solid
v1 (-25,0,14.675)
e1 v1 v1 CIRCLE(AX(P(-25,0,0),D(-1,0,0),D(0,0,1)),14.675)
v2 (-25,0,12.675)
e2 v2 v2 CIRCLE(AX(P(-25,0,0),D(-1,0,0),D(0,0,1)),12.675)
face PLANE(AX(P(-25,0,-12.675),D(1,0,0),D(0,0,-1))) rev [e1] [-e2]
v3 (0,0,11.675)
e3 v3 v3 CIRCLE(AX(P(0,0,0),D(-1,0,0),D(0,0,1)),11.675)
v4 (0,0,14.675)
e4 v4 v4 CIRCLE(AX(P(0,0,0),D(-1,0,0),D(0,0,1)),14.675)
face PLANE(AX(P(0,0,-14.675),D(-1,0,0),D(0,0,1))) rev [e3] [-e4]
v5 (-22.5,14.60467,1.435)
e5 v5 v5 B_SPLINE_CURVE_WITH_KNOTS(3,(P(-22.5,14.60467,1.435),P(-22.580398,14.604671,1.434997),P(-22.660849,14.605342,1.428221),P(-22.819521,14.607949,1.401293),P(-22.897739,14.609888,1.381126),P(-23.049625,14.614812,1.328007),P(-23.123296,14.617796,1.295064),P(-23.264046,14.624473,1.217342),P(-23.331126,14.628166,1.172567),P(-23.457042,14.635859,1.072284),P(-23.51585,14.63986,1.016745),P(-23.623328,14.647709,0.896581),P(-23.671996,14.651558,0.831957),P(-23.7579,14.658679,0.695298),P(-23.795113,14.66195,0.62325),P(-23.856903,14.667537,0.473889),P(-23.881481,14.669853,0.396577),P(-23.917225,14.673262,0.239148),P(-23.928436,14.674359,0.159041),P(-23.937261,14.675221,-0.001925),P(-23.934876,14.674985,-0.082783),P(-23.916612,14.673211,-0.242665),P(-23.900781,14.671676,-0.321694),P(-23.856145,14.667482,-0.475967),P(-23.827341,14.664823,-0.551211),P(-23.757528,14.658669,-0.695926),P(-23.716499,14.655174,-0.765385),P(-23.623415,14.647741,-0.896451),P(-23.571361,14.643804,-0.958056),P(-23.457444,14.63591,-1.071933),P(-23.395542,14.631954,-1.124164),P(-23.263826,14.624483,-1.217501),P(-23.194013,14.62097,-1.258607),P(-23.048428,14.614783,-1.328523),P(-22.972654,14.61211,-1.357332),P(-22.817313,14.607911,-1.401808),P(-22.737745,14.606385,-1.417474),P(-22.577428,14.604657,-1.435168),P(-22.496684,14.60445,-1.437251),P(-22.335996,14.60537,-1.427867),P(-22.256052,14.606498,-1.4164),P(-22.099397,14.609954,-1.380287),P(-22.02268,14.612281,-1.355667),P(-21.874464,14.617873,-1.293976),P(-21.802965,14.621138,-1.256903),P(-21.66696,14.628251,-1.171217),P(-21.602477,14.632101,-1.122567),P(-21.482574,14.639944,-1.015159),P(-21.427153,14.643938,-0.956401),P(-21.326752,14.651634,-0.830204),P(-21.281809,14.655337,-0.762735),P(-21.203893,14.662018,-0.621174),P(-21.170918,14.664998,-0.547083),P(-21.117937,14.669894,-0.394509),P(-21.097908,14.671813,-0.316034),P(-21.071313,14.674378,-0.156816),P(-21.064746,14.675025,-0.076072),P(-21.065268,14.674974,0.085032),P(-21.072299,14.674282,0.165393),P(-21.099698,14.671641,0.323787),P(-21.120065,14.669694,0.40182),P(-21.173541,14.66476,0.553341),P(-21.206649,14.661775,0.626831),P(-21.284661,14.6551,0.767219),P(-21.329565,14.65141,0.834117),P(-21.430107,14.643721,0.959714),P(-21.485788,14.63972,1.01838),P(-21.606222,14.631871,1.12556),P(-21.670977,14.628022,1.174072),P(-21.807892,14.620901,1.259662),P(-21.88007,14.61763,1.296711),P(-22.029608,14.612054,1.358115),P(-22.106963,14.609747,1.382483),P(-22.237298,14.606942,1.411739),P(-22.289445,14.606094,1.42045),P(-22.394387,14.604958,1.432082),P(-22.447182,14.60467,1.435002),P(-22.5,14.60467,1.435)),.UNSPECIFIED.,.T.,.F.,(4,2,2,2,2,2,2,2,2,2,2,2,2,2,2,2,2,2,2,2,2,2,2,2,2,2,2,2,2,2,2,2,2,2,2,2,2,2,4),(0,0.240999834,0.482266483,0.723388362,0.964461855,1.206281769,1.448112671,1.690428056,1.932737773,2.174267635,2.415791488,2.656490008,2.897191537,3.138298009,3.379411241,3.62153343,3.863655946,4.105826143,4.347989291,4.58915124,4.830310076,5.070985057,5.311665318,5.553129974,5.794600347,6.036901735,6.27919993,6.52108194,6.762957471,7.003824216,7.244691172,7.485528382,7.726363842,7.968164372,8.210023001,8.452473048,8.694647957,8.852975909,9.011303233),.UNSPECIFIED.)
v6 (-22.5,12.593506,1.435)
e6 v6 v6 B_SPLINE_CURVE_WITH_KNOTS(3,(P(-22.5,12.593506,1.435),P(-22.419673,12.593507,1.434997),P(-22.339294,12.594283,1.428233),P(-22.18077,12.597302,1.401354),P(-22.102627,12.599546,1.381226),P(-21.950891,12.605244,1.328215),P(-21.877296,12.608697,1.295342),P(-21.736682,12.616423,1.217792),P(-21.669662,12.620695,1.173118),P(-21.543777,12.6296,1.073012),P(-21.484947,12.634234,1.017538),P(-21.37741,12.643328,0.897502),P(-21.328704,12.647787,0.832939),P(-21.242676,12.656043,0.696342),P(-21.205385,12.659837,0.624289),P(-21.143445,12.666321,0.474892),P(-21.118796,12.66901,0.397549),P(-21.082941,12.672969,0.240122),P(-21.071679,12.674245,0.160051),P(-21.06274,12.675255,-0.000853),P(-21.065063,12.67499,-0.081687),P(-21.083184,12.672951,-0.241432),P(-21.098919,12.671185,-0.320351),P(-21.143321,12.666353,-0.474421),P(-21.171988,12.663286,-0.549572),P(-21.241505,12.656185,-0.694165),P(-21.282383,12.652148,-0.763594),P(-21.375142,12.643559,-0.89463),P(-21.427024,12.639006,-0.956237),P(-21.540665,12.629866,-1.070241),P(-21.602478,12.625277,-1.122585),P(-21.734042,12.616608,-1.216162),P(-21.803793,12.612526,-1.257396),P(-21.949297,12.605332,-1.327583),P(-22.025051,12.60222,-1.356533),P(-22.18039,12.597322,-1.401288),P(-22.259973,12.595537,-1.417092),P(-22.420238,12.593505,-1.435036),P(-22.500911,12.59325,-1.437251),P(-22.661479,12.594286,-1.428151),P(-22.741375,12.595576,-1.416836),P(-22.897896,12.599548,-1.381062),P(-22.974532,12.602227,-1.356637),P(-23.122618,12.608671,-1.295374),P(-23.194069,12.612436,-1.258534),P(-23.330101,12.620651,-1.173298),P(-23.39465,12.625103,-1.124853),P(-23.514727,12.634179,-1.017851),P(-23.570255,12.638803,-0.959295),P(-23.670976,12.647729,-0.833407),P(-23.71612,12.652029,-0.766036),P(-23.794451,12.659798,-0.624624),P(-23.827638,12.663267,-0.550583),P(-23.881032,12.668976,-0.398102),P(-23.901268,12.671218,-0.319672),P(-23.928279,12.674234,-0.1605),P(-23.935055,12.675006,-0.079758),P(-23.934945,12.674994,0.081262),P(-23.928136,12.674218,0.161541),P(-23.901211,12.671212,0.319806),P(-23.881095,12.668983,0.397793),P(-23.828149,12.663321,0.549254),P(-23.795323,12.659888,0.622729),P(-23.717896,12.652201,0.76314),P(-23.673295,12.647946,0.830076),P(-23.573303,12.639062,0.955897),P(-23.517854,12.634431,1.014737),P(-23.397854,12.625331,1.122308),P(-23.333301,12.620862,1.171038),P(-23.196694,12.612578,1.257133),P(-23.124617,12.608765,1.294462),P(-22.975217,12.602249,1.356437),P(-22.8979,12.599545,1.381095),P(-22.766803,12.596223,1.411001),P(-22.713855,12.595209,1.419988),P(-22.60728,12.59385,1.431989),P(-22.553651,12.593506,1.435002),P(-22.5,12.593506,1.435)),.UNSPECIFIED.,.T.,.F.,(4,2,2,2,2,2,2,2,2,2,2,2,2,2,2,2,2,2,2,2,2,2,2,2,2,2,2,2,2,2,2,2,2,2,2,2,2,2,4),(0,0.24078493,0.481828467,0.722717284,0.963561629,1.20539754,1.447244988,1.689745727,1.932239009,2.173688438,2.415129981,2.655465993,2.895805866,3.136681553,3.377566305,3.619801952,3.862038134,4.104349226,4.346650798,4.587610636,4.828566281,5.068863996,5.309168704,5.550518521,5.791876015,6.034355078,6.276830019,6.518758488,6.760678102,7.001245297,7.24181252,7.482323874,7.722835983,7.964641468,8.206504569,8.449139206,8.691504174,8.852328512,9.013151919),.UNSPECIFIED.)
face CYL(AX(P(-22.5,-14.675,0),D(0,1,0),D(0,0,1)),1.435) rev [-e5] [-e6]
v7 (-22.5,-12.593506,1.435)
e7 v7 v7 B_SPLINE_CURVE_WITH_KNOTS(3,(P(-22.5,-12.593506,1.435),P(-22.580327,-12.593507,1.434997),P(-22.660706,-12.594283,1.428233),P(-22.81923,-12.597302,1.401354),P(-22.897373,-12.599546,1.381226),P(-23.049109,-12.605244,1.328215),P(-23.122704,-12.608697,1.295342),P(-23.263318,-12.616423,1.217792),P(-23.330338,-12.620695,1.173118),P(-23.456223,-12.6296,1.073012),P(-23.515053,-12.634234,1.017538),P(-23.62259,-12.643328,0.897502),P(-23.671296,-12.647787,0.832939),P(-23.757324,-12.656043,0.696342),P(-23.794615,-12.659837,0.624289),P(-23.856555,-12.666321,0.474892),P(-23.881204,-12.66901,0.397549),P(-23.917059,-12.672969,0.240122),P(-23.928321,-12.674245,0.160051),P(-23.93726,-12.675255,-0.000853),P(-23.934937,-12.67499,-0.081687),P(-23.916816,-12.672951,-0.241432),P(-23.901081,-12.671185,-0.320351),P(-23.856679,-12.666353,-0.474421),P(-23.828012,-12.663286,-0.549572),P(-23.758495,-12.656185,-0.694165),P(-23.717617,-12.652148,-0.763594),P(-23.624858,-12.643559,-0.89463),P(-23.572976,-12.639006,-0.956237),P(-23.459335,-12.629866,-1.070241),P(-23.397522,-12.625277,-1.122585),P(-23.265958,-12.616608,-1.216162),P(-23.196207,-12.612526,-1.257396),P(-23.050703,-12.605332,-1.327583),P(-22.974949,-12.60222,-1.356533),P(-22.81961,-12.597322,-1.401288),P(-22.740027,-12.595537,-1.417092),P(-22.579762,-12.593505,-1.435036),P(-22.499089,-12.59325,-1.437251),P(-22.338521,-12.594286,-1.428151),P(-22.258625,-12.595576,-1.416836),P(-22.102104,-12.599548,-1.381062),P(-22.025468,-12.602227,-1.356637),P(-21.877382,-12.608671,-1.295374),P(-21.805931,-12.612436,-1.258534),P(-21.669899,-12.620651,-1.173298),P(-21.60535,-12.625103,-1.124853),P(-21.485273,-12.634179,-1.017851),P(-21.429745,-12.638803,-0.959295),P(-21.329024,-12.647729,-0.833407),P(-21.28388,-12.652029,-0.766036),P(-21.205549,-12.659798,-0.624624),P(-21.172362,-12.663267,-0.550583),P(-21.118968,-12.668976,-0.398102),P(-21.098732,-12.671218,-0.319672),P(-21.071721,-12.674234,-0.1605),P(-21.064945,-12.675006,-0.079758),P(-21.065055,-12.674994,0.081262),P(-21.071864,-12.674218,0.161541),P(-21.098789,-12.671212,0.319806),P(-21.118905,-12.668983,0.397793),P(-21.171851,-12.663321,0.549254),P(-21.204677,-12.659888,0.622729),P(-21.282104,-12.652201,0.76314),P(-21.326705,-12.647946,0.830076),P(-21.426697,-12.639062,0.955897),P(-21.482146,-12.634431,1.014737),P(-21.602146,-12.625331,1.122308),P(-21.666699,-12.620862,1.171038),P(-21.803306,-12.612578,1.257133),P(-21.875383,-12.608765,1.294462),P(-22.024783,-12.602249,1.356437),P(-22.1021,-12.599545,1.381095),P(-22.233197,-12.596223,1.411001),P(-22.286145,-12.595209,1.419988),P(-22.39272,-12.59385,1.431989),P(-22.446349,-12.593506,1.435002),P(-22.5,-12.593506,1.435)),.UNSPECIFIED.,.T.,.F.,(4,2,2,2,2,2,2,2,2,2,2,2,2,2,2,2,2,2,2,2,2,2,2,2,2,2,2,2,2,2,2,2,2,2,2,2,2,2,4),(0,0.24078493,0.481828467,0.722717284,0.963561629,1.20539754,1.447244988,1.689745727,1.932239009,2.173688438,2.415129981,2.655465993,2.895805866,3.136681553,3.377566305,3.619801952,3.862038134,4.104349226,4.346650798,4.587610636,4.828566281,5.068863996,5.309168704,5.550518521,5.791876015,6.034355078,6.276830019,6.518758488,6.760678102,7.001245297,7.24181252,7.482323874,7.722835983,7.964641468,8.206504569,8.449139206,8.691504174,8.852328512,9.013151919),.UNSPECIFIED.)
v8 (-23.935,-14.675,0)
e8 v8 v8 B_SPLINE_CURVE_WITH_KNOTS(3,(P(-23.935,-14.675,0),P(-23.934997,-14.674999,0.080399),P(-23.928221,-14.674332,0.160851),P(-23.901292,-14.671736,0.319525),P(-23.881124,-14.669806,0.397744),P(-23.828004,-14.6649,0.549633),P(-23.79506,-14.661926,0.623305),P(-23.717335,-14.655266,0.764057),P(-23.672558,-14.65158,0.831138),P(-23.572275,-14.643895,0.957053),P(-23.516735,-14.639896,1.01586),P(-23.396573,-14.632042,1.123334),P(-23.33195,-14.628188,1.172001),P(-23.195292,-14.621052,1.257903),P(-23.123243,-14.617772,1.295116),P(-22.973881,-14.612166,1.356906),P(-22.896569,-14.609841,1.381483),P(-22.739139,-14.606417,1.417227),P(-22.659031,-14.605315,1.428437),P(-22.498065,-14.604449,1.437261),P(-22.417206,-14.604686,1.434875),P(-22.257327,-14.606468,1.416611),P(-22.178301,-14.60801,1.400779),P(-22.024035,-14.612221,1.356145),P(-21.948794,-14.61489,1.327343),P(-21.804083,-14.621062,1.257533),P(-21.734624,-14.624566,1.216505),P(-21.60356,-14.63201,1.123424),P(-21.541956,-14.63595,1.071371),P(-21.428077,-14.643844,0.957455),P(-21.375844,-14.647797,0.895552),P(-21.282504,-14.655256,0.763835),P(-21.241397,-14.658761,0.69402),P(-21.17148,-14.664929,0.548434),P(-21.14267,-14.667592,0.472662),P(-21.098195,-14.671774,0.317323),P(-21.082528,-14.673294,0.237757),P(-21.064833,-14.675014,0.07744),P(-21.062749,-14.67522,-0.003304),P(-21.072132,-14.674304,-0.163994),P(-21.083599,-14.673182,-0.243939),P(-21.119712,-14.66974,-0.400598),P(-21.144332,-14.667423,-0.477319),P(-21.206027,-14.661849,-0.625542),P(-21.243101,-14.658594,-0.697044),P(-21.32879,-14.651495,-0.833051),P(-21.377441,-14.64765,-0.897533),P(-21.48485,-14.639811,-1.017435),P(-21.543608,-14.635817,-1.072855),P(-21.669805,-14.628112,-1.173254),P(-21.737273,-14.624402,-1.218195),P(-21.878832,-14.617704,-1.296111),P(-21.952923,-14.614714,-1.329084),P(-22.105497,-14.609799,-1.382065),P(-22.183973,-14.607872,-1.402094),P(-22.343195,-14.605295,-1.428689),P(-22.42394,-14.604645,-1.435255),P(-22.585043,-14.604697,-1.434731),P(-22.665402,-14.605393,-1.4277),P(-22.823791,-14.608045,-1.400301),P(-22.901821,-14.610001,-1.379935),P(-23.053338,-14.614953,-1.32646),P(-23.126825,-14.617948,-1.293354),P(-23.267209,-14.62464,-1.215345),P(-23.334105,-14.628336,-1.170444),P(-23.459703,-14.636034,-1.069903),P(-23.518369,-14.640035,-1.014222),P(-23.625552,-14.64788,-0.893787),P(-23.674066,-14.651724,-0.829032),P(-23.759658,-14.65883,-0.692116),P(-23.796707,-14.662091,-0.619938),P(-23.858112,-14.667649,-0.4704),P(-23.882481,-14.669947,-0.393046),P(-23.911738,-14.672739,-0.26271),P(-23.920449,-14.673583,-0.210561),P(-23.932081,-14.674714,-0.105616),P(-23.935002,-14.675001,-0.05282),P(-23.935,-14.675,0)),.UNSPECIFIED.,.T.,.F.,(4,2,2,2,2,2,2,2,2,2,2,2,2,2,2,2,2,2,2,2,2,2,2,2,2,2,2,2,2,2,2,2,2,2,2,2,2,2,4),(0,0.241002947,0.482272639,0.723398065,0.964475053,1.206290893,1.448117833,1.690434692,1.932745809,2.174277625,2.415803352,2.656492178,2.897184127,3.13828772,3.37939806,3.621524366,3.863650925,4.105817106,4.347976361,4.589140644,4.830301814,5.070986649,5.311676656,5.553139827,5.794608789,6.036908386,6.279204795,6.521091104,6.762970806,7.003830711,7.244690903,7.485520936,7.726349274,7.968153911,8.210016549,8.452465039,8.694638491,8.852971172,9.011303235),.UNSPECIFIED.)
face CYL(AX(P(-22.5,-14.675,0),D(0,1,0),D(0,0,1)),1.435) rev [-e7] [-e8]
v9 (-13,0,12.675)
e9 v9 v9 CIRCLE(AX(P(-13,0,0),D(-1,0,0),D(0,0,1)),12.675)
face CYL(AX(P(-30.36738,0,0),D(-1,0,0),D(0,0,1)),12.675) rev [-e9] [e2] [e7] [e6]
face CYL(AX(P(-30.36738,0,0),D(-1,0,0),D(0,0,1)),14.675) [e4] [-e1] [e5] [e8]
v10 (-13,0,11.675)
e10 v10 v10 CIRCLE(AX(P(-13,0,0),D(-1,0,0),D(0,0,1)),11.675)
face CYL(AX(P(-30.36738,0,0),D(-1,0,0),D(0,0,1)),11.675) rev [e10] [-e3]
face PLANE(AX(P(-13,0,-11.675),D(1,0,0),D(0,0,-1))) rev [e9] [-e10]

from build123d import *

# Parameters (mm, degrees)
CROQUIS4_R                 = 1.435
CORTAR_EXTRUIR1_DEPTH      = 15.675
CORTAR_EXTRUIR1_DEPTH_BACK = 15.675


with BuildPart() as part:
    # Croquis3 → Revolución1 (revolve)
    with BuildSketch(Plane(origin=(0, 0, 0), x_dir=(1, 0, 0), z_dir=(0, 1, 0))):
        Polygon((0, 11.675), (-13, 11.675), (-13, 12.675), (-25, 12.675), (-25, 14.675), (0, 14.675), align=None)
    revolve(axis=Axis((-30.367380332, 0, 0), (1, 0, 0)))

    # Croquis4 → Cortar-Extruir1 (cut, two sides)
    with BuildSketch(Plane(origin=(0, 0, 0), x_dir=(1, 0, 0), z_dir=(0, 1, 0))) as cortar_extruir1_sk:
        with Locations((-22.5, 0)):
            Circle(CROQUIS4_R)
    extrude(amount=CORTAR_EXTRUIR1_DEPTH, mode=Mode.SUBTRACT)
    extrude(cortar_extruir1_sk.sketch, amount=-CORTAR_EXTRUIR1_DEPTH_BACK, mode=Mode.SUBTRACT)


solid = part.part
